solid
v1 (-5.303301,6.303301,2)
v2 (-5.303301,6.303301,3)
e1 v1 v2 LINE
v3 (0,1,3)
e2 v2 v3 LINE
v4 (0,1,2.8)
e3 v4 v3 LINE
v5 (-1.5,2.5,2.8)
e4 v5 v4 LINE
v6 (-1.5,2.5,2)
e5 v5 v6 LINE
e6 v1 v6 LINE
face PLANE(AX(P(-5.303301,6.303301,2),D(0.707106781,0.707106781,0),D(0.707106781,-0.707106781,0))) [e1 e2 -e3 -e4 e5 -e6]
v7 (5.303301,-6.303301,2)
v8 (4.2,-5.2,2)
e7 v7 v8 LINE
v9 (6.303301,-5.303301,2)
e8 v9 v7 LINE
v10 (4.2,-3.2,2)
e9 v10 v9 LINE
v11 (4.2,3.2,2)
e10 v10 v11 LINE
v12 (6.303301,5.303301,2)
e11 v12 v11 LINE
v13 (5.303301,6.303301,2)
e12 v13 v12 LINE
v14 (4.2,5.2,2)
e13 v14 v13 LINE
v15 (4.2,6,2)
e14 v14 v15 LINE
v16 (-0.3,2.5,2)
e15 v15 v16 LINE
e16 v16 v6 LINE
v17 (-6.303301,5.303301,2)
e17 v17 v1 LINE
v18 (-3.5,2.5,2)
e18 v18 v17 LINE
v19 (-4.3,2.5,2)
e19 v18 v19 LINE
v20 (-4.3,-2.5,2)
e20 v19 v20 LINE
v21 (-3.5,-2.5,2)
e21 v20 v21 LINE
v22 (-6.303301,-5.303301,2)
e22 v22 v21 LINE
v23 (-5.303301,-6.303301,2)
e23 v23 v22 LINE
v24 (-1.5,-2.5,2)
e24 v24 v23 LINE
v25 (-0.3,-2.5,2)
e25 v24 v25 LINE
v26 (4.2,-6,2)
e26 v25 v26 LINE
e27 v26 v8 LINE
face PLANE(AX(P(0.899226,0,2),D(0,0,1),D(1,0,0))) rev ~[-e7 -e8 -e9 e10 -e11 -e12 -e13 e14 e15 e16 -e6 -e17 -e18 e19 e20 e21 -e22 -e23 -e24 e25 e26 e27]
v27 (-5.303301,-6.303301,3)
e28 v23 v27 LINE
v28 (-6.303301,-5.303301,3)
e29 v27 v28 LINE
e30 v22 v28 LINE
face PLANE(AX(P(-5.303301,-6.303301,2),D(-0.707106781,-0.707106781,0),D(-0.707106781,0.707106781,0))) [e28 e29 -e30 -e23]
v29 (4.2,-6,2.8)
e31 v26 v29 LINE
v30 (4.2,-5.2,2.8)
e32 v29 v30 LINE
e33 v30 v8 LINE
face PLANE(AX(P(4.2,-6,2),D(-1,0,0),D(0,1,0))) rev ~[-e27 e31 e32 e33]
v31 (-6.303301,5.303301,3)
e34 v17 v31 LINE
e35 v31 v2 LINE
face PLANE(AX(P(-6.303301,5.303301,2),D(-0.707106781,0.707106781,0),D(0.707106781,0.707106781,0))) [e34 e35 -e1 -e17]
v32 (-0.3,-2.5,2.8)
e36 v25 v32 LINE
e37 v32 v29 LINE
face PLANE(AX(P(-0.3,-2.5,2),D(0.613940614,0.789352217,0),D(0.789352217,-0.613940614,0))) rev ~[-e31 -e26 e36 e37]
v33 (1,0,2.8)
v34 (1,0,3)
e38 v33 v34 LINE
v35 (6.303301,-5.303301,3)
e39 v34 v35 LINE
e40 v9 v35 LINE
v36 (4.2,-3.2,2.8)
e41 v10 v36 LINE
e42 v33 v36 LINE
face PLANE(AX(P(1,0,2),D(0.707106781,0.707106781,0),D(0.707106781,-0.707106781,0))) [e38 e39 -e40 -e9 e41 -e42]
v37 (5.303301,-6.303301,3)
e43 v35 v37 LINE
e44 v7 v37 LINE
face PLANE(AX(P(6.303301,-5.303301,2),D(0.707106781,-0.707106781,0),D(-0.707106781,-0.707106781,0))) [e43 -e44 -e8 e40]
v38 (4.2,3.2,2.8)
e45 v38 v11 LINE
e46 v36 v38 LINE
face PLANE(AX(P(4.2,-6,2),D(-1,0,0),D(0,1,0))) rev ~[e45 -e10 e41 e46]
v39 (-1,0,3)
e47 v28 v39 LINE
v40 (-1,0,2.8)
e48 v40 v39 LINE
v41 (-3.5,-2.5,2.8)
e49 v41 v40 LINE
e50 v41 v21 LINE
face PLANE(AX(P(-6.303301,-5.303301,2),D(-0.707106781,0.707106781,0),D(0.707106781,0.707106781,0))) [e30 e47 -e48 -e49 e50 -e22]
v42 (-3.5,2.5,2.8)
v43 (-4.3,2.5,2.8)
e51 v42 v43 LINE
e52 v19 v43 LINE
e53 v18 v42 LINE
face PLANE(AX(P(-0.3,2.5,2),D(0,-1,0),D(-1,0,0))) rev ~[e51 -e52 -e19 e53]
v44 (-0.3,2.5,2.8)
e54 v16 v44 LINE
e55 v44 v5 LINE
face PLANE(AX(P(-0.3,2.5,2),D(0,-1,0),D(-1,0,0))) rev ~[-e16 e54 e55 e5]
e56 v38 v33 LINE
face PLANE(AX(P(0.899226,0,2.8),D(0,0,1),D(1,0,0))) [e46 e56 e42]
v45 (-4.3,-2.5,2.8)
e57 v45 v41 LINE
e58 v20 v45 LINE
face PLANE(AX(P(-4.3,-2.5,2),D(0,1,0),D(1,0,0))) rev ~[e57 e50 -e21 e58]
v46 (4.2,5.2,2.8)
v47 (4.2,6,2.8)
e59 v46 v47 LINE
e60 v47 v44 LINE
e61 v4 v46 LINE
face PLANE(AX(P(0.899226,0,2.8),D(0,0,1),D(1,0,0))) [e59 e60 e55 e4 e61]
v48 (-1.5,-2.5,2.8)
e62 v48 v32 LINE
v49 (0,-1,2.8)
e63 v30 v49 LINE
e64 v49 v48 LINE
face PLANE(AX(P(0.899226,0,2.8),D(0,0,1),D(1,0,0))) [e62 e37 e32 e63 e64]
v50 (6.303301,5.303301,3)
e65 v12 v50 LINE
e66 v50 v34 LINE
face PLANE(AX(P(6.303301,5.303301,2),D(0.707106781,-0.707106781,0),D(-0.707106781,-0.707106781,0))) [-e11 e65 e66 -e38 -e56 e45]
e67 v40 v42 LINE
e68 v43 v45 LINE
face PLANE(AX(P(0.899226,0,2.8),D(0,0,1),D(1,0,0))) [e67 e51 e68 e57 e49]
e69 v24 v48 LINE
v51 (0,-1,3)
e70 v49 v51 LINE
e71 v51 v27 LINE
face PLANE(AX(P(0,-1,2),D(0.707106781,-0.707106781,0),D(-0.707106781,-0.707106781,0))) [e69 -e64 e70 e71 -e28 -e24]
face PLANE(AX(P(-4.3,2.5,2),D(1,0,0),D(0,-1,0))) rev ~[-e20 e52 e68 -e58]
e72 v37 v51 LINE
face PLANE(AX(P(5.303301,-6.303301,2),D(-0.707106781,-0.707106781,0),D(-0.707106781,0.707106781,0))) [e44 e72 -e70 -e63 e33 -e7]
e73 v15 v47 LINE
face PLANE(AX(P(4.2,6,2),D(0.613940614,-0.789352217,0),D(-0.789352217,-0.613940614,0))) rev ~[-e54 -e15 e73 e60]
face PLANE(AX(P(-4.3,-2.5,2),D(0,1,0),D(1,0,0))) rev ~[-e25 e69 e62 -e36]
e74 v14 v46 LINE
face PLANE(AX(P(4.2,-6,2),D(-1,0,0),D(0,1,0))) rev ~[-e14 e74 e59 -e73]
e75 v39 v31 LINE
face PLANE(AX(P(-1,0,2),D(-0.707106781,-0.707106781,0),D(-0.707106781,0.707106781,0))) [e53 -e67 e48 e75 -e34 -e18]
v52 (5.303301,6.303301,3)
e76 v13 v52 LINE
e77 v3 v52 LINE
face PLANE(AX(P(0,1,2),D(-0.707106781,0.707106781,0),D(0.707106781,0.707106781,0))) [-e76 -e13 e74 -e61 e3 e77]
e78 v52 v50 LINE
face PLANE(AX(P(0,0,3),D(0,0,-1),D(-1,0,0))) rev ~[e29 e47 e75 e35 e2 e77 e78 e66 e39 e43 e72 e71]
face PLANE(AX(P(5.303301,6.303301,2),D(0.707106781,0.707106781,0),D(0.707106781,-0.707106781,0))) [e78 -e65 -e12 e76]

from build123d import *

# Parameters (mm, degrees)
PAD007_DEPTH = 0.8
PAD006_DEPTH = 1


with BuildPart() as lautsprecher:
    # Sketch013 → Pad007 (new body)
    with BuildSketch(Plane.XY):
        Polygon((-14.5, 2.5), (-14.5, -2.5), (-10.5, -2.5), (-6, -6), (-6, 6), (-10.5, 2.5), align=None)
    extrude(amount=PAD007_DEPTH)


with BuildPart() as lautsprecher_1:
    # Body008 placement: moved
    add(lautsprecher.part.moved(Location((10.2, 0, 2))))


with BuildPart() as bild_mute:
    # Sketch014 → Pad006 (new body)
    with BuildSketch(Plane.XY):
        Polygon((-5.303301, 6.303301), (0, 1), (5.303301, 6.303301), (6.303301, 5.303301), (1, 0), (6.303301, -5.303301), (5.303301, -6.303301), (0, -1), (-5.303301, -6.303301), (-6.303301, -5.303301), (-1, 0), (-6.303301, 5.303301), align=None)
    extrude(amount=PAD006_DEPTH)


with BuildPart() as bild_mute_1:
    # Body009 placement: moved
    add(bild_mute.part.moved(Location((0, 0, 2))))

    # Fusion003: union Lautsprecher
    add(lautsprecher_1.part)


solid = bild_mute_1.part
